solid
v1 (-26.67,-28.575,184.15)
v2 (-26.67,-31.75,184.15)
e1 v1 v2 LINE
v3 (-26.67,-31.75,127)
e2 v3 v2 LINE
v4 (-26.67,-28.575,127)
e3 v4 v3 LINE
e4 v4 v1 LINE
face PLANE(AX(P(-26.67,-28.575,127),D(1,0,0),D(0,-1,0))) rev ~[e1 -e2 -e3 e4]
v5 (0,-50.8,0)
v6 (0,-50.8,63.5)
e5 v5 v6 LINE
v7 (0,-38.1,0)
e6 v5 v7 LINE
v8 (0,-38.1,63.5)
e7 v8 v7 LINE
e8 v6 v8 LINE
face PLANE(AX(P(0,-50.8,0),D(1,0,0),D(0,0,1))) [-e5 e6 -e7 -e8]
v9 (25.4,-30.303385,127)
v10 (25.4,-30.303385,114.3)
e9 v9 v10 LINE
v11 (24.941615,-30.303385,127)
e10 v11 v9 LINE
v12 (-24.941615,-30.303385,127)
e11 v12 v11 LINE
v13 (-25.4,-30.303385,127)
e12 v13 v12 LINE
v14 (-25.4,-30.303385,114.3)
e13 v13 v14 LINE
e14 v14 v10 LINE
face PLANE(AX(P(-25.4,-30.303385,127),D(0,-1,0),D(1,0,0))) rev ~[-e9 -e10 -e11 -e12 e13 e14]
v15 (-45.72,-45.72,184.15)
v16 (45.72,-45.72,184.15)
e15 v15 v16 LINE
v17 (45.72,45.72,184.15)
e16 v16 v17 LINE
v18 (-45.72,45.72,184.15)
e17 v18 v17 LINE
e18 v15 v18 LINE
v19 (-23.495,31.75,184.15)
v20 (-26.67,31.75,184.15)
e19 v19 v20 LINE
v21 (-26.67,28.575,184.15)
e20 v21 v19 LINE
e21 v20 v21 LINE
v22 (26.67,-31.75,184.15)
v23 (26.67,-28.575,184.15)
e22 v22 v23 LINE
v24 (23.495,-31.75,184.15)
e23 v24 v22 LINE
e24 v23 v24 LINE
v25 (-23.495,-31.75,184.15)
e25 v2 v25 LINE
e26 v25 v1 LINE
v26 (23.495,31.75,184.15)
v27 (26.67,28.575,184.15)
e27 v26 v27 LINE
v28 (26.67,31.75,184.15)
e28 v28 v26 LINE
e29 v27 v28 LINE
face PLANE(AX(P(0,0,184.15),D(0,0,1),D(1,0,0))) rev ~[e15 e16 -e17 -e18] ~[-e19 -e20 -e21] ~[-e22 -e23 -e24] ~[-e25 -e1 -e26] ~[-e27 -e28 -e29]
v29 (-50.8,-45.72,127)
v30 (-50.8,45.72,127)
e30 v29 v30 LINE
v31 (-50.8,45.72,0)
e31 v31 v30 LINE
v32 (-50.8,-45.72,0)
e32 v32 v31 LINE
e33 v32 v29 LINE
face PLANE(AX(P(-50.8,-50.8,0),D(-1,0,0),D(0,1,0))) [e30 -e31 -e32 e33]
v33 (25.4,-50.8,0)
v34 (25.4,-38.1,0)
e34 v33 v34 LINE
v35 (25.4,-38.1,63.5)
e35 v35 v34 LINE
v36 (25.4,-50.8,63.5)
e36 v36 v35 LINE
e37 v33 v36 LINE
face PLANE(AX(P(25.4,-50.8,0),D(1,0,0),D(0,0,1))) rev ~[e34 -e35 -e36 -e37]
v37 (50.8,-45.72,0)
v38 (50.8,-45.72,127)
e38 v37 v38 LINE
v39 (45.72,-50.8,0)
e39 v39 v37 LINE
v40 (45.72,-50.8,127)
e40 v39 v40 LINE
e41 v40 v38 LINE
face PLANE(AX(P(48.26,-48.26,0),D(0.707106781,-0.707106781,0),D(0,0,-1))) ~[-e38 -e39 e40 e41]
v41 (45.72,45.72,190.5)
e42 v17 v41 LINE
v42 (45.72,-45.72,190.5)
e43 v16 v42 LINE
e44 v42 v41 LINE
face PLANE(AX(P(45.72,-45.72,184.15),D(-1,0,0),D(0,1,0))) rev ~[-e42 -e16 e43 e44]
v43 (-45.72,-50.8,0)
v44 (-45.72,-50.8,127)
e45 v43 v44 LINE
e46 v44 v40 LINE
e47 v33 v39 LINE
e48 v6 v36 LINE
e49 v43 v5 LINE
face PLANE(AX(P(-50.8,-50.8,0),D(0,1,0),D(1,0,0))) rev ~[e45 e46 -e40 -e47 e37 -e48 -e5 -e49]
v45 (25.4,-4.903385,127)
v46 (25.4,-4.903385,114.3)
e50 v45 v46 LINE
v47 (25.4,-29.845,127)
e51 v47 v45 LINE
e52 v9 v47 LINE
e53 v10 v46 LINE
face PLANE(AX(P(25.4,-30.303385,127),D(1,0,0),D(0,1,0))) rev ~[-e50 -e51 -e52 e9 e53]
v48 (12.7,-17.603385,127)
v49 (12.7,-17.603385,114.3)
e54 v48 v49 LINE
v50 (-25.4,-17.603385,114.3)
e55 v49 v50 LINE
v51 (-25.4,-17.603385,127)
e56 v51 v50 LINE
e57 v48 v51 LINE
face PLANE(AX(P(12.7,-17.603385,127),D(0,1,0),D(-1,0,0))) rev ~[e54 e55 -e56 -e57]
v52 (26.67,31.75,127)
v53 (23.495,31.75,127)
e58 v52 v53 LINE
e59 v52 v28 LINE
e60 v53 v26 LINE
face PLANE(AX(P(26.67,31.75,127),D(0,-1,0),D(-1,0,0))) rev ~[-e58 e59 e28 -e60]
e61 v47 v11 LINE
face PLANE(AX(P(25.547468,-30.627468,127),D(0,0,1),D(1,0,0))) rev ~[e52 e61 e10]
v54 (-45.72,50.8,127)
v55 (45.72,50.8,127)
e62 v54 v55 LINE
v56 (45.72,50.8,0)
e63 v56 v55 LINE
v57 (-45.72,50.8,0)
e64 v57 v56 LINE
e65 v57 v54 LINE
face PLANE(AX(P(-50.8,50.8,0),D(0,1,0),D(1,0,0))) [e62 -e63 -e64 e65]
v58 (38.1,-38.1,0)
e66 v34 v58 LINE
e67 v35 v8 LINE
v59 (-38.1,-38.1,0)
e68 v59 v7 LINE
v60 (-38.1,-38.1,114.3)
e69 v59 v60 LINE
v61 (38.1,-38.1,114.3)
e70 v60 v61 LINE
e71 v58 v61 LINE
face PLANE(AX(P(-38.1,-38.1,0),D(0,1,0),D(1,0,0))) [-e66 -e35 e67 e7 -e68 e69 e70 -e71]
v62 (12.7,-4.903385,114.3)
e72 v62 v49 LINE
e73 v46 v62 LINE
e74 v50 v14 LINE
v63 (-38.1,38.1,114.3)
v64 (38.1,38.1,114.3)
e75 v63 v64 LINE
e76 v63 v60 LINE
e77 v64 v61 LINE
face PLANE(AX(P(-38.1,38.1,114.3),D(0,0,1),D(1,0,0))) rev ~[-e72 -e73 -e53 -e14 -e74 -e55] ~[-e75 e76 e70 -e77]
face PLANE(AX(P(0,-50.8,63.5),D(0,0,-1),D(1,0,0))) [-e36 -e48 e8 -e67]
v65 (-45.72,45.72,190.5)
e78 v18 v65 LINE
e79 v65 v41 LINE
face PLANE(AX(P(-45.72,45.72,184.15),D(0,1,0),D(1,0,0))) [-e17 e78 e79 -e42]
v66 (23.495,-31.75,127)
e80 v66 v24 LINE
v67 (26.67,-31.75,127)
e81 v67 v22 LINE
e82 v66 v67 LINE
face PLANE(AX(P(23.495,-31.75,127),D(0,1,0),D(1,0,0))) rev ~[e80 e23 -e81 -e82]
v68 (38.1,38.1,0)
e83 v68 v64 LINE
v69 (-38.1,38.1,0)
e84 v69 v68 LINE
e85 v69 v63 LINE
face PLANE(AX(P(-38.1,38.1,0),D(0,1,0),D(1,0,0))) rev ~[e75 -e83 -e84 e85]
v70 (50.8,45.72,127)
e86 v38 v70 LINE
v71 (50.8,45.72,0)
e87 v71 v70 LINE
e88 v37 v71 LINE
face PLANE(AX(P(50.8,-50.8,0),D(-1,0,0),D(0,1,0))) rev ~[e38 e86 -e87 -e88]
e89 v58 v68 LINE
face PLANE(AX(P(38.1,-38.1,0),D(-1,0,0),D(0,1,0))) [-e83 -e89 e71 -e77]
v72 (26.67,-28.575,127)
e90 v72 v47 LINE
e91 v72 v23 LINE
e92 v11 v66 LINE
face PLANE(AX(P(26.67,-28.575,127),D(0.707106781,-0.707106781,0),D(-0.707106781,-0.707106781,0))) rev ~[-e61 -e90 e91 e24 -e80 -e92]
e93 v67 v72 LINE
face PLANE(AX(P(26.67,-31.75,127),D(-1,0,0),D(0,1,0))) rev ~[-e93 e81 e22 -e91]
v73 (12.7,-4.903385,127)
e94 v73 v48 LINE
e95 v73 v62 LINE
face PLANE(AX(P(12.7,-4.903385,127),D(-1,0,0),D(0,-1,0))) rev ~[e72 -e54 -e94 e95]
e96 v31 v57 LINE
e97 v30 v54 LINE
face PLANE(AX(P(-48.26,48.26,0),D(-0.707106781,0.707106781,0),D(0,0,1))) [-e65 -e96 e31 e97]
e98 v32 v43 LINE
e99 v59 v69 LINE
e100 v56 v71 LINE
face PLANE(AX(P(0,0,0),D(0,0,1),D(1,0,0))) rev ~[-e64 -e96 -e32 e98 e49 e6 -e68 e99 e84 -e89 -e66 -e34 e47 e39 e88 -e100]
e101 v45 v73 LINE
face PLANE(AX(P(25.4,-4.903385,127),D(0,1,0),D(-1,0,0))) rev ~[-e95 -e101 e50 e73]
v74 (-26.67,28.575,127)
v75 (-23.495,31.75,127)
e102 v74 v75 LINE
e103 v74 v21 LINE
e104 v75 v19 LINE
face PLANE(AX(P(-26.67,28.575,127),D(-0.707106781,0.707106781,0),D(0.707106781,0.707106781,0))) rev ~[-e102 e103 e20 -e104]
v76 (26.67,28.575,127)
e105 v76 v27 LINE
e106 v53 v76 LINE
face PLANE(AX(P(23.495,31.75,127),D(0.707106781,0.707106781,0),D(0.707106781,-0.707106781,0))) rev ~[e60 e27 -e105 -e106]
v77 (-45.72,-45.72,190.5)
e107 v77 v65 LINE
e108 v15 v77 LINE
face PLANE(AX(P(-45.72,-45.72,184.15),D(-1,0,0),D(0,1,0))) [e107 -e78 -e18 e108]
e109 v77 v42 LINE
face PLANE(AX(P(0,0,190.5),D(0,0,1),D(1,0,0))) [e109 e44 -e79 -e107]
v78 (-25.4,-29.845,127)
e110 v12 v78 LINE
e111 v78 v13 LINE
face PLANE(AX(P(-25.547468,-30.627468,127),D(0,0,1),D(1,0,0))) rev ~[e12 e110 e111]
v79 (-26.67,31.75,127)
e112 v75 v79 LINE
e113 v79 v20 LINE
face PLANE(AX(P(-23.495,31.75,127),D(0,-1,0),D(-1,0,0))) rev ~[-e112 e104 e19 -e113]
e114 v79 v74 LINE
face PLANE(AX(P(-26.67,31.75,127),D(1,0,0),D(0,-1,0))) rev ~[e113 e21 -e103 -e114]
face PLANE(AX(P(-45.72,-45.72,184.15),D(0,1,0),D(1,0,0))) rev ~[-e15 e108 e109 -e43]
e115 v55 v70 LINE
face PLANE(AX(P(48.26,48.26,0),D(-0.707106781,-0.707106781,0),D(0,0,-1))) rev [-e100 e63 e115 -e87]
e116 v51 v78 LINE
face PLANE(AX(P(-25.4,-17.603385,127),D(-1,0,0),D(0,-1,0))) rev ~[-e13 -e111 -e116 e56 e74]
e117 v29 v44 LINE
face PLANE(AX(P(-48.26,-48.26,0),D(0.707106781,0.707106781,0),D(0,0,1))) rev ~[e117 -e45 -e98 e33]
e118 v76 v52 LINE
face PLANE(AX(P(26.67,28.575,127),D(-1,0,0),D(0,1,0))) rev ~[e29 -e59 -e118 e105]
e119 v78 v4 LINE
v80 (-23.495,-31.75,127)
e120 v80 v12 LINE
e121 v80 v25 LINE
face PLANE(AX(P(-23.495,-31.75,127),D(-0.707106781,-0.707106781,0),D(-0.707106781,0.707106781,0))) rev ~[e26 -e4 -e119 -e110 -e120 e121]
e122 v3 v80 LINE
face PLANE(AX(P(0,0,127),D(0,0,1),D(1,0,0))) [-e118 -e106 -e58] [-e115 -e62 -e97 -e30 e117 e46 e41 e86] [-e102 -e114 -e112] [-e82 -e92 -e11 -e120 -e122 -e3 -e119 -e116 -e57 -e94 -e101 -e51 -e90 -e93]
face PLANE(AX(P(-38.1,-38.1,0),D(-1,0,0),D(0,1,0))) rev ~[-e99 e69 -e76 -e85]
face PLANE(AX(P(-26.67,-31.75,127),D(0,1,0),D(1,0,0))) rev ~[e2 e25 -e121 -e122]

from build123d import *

# Parameters (mm, degrees)
F0_W      = 101.6
F0_H      = 101.6
F0_W_2    = 76.2
F0_H_2    = 76.2
F1_DEPTH  = 127
F2_W      = 25.4
F2_H      = 63.5
F3_DEPTH  = 25.4
F4_W      = 76.2
F4_H      = 12.7
F5_DEPTH  = 77.724
F7_DEPTH  = 25.4
F9_DEPTH  = 57.15
F10_W     = 91.44
F10_H     = 91.44
F11_DEPTH = 6.35
F12_SIZE2 = 5.08
F12_SIZE  = 5.08


with BuildPart() as f1:
    # F0 (on Top) → F1 (new body)
    with BuildSketch(Plane.XY):
        Rectangle(F0_W, F0_H)
        Rectangle(F0_W_2, F0_H_2, mode=Mode.SUBTRACT)
    extrude(amount=F1_DEPTH)

    # F2 (on face) → F3 (cut)
    with BuildSketch(Plane.XZ.offset(50.8)):
        with Locations((12.7, 31.75)):
            Rectangle(F2_W, F2_H)
    extrude(amount=-F3_DEPTH, mode=Mode.SUBTRACT)

    # F4 (on face) → F5 (join)
    with BuildSketch(Plane.XZ.offset(-38.1)):
        with Locations((0, 120.65)):
            Rectangle(F4_W, F4_H)
    extrude(amount=F5_DEPTH)

    # F6 (on face) → F7 (cut)
    with BuildSketch(Plane.XY.offset(127)):
        Polygon((-25.4, -17.603385), (-25.4, -30.303385), (25.4, -30.303385), (25.4, -17.603385), (25.4, -4.903385), (12.7, -4.903385), (12.7, -17.603385), align=None)
    extrude(amount=-F7_DEPTH, mode=Mode.SUBTRACT)

    # F8 (on face) → F9 (join)
    with BuildSketch(Plane.XY.offset(127)):
        Polygon((-23.495, -31.75), (-26.67, -28.575), (-26.67, -31.75), align=None)
        Polygon((-26.67, 28.575), (-23.495, 31.75), (-26.67, 31.75), align=None)
        Polygon((26.67, -28.575), (23.495, -31.75), (26.67, -31.75), align=None)
        Polygon((23.495, 31.75), (26.67, 28.575), (26.67, 31.75), align=None)
    extrude(amount=F9_DEPTH)

    # F10 (on face) → F11 (join)
    with BuildSketch(Plane.XY.offset(184.15)):
        Rectangle(F10_W, F10_H)
    extrude(amount=F11_DEPTH)

    # F12
    f12_edges = [f1.edges().sort_by_distance(p)[0] for p in [
        (50.8, -50.8, 63.5),
        (-50.8, -50.8, 63.5),
        (50.8, 50.8, 63.5),
        (-50.8, 50.8, 63.5),
    ]]
    chamfer(f12_edges, length=F12_SIZE, length2=F12_SIZE2)


solid = f1.part
